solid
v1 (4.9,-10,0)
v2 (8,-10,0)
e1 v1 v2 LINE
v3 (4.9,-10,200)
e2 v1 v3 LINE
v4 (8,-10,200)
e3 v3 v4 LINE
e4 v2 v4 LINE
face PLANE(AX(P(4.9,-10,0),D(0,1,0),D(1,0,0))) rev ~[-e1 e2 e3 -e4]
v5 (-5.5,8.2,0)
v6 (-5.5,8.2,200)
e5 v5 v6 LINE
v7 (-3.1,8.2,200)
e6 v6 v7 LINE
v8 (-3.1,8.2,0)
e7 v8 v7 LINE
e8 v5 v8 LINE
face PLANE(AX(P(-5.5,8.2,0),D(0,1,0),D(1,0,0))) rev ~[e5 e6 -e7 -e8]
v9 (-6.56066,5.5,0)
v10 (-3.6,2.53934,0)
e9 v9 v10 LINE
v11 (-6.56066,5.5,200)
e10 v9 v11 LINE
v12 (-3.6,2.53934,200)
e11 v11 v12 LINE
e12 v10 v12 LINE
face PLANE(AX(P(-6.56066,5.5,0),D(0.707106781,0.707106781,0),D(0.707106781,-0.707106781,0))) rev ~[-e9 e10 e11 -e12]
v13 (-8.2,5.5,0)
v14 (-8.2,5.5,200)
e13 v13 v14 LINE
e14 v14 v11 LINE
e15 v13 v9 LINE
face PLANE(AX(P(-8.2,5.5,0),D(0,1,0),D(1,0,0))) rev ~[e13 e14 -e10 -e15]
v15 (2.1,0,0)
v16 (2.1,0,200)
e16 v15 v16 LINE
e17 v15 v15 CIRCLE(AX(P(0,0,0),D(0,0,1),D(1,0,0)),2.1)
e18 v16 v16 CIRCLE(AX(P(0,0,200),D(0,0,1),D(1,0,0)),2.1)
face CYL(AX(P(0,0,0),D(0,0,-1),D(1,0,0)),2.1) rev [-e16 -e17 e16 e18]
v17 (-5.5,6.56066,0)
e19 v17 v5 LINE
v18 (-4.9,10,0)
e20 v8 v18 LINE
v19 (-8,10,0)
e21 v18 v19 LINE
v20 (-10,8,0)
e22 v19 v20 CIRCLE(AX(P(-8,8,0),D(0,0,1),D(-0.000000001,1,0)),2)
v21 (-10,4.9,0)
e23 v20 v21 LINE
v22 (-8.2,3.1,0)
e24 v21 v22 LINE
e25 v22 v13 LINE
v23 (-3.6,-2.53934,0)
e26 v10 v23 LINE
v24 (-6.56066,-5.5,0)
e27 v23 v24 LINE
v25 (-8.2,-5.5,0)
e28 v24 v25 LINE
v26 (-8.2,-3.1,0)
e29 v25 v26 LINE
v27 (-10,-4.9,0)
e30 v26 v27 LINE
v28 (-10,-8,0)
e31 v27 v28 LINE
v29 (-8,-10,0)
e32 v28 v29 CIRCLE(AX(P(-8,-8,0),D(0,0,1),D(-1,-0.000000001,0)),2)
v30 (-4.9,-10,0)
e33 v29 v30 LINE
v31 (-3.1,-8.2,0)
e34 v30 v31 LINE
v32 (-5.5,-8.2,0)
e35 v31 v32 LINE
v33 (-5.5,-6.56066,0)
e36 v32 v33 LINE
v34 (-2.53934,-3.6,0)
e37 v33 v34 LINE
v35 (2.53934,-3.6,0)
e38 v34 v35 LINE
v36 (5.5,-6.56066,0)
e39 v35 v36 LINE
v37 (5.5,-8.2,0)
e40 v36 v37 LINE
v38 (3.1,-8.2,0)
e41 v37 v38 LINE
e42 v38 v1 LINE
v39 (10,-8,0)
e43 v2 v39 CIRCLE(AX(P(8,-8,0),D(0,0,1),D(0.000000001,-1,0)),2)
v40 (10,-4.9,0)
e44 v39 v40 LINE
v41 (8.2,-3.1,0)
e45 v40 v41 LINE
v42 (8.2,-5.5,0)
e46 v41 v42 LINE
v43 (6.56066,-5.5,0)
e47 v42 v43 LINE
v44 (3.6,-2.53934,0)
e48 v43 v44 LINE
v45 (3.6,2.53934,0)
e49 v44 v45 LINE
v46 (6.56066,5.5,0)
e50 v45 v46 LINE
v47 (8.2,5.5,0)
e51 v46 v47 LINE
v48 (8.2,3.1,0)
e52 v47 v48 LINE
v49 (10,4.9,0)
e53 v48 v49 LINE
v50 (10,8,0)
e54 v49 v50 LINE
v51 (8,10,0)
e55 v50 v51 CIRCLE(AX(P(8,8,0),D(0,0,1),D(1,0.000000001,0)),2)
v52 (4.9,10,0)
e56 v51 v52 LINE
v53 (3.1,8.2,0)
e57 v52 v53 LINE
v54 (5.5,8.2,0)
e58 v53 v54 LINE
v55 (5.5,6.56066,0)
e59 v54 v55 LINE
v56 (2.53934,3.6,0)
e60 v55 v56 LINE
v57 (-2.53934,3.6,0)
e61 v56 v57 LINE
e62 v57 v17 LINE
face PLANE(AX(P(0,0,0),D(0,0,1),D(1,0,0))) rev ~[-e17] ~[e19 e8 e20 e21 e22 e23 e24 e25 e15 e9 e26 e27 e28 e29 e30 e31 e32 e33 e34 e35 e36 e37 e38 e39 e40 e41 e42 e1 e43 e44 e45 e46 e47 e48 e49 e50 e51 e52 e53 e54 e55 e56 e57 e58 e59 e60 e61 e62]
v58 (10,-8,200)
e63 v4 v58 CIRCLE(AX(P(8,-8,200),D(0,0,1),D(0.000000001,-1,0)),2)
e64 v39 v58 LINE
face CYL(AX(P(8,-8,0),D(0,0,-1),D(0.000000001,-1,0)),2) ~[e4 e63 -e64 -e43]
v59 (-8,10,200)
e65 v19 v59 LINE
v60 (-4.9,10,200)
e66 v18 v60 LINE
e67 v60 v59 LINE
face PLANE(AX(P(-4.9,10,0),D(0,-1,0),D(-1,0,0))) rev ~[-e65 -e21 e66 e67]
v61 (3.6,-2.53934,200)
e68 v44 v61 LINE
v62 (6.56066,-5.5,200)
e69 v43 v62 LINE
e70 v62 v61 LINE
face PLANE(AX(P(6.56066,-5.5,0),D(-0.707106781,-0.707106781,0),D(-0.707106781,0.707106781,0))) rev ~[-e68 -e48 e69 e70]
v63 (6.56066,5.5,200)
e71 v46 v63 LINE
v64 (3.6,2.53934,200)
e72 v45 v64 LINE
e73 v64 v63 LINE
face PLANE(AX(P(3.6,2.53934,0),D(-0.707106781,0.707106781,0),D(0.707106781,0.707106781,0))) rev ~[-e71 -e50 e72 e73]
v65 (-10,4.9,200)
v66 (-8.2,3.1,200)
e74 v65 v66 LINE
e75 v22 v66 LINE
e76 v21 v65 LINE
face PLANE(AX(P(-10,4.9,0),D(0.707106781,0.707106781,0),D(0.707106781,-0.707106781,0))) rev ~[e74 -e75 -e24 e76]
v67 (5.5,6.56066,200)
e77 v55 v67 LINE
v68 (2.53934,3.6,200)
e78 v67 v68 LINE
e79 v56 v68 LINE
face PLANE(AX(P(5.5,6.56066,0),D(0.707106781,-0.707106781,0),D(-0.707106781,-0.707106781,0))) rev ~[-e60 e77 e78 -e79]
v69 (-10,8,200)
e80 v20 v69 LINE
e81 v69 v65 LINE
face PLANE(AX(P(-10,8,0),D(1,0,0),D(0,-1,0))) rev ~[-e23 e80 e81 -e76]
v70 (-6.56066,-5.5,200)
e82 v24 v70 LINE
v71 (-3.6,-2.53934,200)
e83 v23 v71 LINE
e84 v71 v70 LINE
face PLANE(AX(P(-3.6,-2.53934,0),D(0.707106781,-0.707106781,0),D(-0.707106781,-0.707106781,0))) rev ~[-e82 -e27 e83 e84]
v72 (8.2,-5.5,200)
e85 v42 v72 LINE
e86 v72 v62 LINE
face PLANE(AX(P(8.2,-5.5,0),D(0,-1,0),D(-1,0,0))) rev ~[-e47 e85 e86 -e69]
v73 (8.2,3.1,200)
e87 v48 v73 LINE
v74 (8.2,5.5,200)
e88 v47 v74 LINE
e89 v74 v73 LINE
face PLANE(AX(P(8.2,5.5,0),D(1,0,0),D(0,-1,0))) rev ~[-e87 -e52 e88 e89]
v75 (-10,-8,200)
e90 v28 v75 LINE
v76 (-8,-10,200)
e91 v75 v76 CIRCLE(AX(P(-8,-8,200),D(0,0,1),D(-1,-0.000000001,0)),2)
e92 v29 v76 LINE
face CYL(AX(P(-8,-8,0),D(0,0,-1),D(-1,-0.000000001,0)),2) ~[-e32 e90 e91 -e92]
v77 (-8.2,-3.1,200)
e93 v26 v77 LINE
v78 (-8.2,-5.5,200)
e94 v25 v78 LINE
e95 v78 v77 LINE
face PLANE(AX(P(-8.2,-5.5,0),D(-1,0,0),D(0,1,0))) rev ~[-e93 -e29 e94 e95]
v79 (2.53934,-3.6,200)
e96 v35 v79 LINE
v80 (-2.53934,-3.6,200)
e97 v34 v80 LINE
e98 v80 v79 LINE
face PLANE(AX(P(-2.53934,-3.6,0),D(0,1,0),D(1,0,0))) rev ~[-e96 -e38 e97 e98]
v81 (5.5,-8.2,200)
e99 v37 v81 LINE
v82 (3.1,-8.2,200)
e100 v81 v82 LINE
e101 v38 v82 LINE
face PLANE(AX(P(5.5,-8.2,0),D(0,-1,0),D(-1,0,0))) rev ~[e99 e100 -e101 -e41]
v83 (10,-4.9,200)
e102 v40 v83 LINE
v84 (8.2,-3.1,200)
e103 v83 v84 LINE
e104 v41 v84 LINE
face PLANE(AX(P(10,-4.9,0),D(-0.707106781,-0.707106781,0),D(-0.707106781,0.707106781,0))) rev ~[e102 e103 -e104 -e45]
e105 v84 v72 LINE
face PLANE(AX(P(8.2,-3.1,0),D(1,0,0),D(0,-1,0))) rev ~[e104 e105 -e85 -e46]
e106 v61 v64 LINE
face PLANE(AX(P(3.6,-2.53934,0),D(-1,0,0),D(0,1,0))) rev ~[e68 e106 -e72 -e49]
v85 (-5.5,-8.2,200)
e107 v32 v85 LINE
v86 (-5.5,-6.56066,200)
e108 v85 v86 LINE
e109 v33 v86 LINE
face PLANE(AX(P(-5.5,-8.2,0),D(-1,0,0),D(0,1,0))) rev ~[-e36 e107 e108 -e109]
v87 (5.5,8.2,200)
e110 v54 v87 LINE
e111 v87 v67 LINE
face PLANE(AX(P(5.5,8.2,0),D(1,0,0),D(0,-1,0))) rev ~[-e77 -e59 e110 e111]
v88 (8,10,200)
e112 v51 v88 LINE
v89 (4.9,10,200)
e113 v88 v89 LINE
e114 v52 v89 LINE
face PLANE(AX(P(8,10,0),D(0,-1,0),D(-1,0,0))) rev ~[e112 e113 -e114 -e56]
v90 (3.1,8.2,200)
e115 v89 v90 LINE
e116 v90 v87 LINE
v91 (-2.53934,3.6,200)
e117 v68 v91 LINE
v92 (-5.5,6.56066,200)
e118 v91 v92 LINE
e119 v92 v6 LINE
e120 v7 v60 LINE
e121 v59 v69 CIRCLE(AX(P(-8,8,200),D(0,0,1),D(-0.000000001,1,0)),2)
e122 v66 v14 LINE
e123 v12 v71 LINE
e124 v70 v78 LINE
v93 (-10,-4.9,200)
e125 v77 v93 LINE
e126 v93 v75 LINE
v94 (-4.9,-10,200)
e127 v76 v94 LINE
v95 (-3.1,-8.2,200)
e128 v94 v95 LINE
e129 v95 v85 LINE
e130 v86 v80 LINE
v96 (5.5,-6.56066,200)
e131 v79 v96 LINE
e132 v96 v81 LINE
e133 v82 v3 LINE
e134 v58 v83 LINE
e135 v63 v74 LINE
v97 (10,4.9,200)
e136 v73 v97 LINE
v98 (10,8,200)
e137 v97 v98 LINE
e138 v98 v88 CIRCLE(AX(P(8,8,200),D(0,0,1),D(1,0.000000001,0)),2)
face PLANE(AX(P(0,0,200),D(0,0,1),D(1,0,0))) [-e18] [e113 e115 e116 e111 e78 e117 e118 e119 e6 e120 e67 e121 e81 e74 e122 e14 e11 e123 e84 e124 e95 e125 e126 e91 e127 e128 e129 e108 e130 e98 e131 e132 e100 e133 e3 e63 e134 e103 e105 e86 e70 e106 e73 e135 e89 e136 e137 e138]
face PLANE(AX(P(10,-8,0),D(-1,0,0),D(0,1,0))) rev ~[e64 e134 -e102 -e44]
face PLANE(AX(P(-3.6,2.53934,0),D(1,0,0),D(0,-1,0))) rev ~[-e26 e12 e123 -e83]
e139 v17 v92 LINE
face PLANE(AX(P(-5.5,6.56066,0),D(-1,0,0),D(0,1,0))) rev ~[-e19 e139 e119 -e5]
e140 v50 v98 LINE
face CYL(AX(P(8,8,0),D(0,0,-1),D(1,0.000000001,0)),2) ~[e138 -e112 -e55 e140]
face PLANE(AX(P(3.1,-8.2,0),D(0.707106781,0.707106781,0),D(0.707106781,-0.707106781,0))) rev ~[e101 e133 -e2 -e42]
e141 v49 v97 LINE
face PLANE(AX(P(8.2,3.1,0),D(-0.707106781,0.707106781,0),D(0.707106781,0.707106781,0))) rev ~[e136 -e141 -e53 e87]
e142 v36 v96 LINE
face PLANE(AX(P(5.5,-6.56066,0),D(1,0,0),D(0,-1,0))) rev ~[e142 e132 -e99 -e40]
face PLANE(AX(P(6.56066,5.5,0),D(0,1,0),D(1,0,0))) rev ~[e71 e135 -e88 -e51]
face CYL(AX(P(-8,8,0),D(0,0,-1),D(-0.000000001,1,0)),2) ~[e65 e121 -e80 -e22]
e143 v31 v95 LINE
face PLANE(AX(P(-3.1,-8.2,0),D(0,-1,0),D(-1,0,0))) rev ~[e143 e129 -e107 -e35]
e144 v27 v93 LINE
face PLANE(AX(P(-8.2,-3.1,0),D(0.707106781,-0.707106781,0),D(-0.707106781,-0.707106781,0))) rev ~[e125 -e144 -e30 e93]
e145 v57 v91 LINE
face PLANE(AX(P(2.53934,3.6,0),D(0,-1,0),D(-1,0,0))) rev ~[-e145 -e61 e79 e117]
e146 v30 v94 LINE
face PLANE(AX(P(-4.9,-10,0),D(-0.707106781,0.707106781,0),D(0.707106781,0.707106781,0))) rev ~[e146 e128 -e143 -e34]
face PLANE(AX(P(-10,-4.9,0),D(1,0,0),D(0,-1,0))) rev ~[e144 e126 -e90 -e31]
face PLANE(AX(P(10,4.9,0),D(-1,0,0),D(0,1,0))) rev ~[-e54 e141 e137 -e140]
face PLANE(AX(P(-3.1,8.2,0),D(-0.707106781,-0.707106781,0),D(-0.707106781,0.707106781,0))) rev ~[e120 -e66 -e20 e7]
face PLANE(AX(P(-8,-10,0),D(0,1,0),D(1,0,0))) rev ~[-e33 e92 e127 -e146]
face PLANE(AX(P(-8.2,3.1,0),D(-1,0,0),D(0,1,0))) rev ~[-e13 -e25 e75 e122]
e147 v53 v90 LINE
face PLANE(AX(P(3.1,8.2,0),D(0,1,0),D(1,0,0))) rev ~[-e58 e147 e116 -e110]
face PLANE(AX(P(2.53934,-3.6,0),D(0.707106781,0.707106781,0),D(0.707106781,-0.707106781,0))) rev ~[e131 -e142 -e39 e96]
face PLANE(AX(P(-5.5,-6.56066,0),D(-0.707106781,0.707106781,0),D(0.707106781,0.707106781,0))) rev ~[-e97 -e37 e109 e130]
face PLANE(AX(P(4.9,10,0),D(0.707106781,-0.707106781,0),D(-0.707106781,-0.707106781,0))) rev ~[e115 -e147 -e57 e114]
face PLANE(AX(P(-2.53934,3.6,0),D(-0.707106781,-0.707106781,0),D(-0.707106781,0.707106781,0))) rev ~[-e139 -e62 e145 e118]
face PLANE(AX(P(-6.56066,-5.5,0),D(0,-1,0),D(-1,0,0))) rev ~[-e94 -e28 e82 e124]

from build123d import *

# Parameters (mm, degrees)
SKETCH1_R           = 2.1
BOSS_EXTRUDE1_DEPTH = 200


with BuildPart() as part:
    # Sketch1 → Boss-Extrude1 (new body)
    with BuildSketch(Plane.XY):
        with BuildLine():
            Line((-4.9, -10), (-3.1, -8.2))
            Line((-3.1, -8.2), (-5.5, -8.2))
            Line((-5.5, -8.2), (-5.5, -6.560660172))
            Line((-5.5, -6.560660172), (-2.539339828, -3.6))
            Line((-2.539339828, -3.6), (2.539339828, -3.6))
            Line((2.539339828, -3.6), (5.5, -6.560660172))
            Line((5.5, -6.560660172), (5.5, -8.2))
            Line((5.5, -8.2), (3.1, -8.2))
            Line((3.1, -8.2), (4.9, -10))
            Line((4.9, -10), (8, -10))
            ThreePointArc((8, -10), (9.414213562, -9.414213562), (10, -8))
            Line((10, -8), (10, -4.9))
            Line((10, -4.9), (8.2, -3.1))
            Line((8.2, -3.1), (8.2, -5.5))
            Line((8.2, -5.5), (6.560660172, -5.5))
            Line((6.560660172, -5.5), (3.6, -2.539339828))
            Line((3.6, -2.539339828), (3.6, 2.539339828))
            Line((3.6, 2.539339828), (6.560660172, 5.5))
            Line((6.560660172, 5.5), (8.2, 5.5))
            Line((8.2, 5.5), (8.2, 3.1))
            Line((8.2, 3.1), (10, 4.9))
            Line((10, 4.9), (10, 8))
            ThreePointArc((10, 8), (9.414213562, 9.414213562), (8, 10))
            Line((8, 10), (4.9, 10))
            Line((4.9, 10), (3.1, 8.2))
            Line((3.1, 8.2), (5.5, 8.2))
            Line((5.5, 8.2), (5.5, 6.560660172))
            Line((5.5, 6.560660172), (2.539339828, 3.6))
            Line((2.539339828, 3.6), (-2.539339828, 3.6))
            Line((-2.539339828, 3.6), (-5.5, 6.560660172))
            Line((-5.5, 6.560660172), (-5.5, 8.2))
            Line((-5.5, 8.2), (-3.1, 8.2))
            Line((-3.1, 8.2), (-4.9, 10))
            Line((-4.9, 10), (-8, 10))
            ThreePointArc((-8, 10), (-9.414213562, 9.414213562), (-10, 8))
            Line((-10, 8), (-10, 4.9))
            Line((-10, 4.9), (-8.2, 3.1))
            Line((-8.2, 3.1), (-8.2, 5.5))
            Line((-8.2, 5.5), (-6.560660172, 5.5))
            Line((-6.560660172, 5.5), (-3.6, 2.539339828))
            Line((-3.6, 2.539339828), (-3.6, -2.539339828))
            Line((-3.6, -2.539339828), (-6.560660172, -5.5))
            Line((-6.560660172, -5.5), (-8.2, -5.5))
            Line((-8.2, -5.5), (-8.2, -3.1))
            Line((-8.2, -3.1), (-10, -4.9))
            Line((-10, -4.9), (-10, -8))
            ThreePointArc((-10, -8), (-9.414213562, -9.414213562), (-8, -10))
            Line((-8, -10), (-4.9, -10))
        make_face()
        Circle(SKETCH1_R, mode=Mode.SUBTRACT)
    extrude(amount=BOSS_EXTRUDE1_DEPTH)


solid = part.part
